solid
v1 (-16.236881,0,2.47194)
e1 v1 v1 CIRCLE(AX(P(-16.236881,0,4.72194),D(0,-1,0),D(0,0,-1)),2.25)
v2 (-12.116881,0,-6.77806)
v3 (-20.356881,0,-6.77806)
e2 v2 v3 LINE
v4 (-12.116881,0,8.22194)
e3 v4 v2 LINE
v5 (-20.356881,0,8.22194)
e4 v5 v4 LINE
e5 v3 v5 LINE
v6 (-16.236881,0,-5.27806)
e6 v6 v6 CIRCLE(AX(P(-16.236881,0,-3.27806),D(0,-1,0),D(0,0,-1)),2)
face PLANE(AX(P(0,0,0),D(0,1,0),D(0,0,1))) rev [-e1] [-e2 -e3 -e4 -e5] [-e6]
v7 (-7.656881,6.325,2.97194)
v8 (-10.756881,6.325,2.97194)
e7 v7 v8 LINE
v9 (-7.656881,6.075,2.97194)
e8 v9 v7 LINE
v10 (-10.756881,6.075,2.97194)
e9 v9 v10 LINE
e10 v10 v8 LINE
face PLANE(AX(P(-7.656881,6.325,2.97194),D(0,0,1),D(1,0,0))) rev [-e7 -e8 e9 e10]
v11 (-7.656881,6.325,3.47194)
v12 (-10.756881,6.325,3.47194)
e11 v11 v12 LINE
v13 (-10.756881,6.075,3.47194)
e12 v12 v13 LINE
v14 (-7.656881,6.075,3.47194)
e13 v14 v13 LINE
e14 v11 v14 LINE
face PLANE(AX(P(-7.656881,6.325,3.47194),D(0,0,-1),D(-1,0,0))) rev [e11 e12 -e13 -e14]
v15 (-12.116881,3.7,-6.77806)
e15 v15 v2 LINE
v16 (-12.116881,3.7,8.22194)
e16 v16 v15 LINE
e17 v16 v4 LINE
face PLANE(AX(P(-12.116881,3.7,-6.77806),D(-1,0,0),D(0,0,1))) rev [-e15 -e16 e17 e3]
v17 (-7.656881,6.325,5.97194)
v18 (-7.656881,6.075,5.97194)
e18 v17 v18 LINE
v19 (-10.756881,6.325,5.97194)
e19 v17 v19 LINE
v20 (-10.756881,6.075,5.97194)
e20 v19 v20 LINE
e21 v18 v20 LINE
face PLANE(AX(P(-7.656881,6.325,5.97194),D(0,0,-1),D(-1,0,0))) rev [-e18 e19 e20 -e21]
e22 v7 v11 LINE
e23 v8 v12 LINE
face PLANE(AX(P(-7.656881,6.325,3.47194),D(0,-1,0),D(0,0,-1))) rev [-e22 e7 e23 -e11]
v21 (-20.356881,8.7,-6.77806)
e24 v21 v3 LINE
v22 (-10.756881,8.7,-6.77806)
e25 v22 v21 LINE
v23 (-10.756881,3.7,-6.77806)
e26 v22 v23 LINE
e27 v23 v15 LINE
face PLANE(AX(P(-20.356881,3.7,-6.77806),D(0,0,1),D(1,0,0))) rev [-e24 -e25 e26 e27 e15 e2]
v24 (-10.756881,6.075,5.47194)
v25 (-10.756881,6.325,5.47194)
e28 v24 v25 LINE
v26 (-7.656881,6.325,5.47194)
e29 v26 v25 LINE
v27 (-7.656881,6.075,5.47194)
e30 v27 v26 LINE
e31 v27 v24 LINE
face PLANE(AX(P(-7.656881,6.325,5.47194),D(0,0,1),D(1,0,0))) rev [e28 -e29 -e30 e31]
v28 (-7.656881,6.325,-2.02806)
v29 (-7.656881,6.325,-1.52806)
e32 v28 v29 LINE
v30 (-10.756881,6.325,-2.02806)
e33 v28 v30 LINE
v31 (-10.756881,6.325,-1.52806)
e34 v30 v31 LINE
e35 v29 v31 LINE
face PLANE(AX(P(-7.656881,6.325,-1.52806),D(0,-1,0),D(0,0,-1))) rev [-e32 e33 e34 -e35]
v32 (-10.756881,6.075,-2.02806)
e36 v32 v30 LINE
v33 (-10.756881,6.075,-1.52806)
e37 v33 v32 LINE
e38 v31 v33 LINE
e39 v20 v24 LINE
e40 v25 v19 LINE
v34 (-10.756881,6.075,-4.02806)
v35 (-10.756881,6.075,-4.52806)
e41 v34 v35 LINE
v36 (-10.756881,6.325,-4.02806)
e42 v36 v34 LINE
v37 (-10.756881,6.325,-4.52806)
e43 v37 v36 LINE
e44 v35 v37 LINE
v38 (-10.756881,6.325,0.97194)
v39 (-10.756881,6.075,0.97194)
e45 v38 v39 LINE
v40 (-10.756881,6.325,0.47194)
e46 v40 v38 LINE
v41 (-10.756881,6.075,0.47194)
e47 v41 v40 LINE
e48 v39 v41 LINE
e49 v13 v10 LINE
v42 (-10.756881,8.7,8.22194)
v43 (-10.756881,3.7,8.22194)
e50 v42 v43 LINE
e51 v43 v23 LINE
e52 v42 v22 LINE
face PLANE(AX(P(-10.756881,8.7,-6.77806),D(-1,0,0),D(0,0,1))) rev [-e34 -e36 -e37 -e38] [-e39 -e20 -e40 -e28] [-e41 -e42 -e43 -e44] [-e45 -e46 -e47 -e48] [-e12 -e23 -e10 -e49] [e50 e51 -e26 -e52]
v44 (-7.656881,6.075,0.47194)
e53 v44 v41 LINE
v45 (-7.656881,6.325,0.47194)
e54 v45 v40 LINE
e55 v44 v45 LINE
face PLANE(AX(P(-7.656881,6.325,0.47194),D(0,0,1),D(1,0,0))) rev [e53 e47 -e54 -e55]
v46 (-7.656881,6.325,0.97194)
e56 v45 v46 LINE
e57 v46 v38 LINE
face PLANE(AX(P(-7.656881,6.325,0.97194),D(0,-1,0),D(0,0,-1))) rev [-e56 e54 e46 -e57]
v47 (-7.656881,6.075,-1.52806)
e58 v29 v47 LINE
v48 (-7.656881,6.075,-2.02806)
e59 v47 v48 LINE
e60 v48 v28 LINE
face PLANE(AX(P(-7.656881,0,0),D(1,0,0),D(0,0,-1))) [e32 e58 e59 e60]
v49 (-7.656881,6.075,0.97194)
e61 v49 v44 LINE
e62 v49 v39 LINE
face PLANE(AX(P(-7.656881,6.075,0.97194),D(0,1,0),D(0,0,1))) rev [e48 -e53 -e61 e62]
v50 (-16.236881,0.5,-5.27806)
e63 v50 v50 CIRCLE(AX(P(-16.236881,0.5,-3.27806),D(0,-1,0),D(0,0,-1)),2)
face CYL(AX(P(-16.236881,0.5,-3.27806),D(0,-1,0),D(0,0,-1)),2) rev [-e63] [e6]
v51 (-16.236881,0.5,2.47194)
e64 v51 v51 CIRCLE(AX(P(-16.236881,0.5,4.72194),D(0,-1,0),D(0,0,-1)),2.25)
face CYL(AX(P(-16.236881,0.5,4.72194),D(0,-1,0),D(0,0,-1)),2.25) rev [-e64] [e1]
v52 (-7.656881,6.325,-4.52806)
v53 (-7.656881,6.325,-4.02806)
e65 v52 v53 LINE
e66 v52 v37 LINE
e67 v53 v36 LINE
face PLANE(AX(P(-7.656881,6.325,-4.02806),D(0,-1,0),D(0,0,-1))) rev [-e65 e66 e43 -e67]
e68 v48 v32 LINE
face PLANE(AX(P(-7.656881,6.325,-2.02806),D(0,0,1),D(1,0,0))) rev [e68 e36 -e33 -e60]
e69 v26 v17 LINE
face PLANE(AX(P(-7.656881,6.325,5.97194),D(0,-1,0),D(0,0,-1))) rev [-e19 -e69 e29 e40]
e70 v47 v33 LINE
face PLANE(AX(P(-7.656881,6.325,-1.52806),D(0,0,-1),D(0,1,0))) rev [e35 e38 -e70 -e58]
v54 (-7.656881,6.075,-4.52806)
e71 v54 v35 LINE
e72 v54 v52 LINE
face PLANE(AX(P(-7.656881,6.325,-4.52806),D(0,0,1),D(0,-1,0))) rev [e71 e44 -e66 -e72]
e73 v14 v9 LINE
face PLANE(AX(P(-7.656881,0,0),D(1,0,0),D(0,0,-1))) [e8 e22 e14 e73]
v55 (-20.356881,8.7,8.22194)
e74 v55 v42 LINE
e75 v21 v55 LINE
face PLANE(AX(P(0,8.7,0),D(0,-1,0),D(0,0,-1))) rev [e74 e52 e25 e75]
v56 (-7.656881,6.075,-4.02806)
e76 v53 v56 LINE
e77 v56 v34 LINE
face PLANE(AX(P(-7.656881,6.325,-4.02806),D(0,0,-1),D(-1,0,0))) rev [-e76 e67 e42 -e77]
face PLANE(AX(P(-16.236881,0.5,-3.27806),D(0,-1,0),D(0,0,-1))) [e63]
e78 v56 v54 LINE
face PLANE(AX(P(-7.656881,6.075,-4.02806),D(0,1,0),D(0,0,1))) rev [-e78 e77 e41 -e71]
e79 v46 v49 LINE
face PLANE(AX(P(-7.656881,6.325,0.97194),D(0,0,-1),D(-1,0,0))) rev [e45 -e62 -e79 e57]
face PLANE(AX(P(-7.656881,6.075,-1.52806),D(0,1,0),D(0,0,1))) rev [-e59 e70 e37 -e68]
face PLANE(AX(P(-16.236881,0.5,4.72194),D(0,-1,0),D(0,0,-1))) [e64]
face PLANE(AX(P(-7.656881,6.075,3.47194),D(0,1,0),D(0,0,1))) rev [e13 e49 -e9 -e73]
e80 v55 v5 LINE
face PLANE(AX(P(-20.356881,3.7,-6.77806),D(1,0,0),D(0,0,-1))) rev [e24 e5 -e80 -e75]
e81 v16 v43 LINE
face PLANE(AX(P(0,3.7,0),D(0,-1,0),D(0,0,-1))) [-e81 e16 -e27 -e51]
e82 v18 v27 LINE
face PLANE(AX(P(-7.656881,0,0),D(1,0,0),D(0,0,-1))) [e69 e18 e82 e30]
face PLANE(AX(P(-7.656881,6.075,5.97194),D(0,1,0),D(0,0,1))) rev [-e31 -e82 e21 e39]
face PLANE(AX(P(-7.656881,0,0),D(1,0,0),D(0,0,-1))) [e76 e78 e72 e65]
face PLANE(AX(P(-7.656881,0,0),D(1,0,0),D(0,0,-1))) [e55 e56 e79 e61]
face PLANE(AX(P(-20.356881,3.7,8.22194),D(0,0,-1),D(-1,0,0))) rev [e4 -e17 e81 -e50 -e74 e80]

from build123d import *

# Parameters (mm, degrees)
SKETCH1_W           = 8.24
SKETCH1_H           = 15
BOSS_EXTRUDE1_DEPTH = 3.7
BOSS_EXTRUDE2_DEPTH = 5
SKETCH3_W           = 0.5
SKETCH3_H           = 0.25
BOSS_EXTRUDE3_DEPTH = 3.1
SKETCH4_R           = 2.25
SKETCH4_R_2         = 2
CUT_EXTRUDE1_DEPTH  = 0.5


with BuildPart() as part:
    # Sketch1 → Boss-Extrude1 (new body)
    with BuildSketch(Plane(origin=(0, 0, 0), x_dir=(1, 0, 0), z_dir=(0, 1, 0))):
        with Locations((-16.236881088, -0.721940399)):
            Rectangle(SKETCH1_W, SKETCH1_H)
    extrude(amount=BOSS_EXTRUDE1_DEPTH)

    # Sketch2 → Boss-Extrude2 (add)
    with BuildSketch(Plane(origin=(0, 3.7, 0), x_dir=(1, 0, 0), z_dir=(0, 1, 0))):
        Polygon((-20.356881088, -8.221940399), (-12.116881088, -8.221940399), (-10.756881088, -8.221940399), (-10.756881088, 6.778059601), (-12.116881088, 6.778059601), (-20.356881088, 6.778059601), align=None)
    extrude(amount=BOSS_EXTRUDE2_DEPTH)

    # Sketch3 → Boss-Extrude3 (add)
    with BuildSketch(Plane(origin=(-10.756881088, 0, 0), x_dir=(0, 0, -1), z_dir=(1, 0, 0))):
        with Locations((-5.721940399, 6.2)):
            Rectangle(SKETCH3_W, SKETCH3_H)
        with Locations((-3.221940399, 6.2)):
            Rectangle(SKETCH3_W, SKETCH3_H)
        with Locations((-0.721940399, 6.2)):
            Rectangle(SKETCH3_W, SKETCH3_H)
        with Locations((1.778059601, 6.2)):
            Rectangle(SKETCH3_W, SKETCH3_H)
        with Locations((4.278059601, 6.2)):
            Rectangle(SKETCH3_W, SKETCH3_H)
    extrude(amount=BOSS_EXTRUDE3_DEPTH)

    # Sketch4 → Cut-Extrude1 (cut)
    with BuildSketch(Plane(origin=(0, 0, 0), x_dir=(-1, 0, 0), z_dir=(0, -1, 0))):
        with Locations((16.236881088, -4.721940399)):
            Circle(SKETCH4_R)
        with Locations((16.236881088, 3.278059601)):
            Circle(SKETCH4_R_2)
    extrude(amount=-CUT_EXTRUDE1_DEPTH, mode=Mode.SUBTRACT)


solid = part.part
